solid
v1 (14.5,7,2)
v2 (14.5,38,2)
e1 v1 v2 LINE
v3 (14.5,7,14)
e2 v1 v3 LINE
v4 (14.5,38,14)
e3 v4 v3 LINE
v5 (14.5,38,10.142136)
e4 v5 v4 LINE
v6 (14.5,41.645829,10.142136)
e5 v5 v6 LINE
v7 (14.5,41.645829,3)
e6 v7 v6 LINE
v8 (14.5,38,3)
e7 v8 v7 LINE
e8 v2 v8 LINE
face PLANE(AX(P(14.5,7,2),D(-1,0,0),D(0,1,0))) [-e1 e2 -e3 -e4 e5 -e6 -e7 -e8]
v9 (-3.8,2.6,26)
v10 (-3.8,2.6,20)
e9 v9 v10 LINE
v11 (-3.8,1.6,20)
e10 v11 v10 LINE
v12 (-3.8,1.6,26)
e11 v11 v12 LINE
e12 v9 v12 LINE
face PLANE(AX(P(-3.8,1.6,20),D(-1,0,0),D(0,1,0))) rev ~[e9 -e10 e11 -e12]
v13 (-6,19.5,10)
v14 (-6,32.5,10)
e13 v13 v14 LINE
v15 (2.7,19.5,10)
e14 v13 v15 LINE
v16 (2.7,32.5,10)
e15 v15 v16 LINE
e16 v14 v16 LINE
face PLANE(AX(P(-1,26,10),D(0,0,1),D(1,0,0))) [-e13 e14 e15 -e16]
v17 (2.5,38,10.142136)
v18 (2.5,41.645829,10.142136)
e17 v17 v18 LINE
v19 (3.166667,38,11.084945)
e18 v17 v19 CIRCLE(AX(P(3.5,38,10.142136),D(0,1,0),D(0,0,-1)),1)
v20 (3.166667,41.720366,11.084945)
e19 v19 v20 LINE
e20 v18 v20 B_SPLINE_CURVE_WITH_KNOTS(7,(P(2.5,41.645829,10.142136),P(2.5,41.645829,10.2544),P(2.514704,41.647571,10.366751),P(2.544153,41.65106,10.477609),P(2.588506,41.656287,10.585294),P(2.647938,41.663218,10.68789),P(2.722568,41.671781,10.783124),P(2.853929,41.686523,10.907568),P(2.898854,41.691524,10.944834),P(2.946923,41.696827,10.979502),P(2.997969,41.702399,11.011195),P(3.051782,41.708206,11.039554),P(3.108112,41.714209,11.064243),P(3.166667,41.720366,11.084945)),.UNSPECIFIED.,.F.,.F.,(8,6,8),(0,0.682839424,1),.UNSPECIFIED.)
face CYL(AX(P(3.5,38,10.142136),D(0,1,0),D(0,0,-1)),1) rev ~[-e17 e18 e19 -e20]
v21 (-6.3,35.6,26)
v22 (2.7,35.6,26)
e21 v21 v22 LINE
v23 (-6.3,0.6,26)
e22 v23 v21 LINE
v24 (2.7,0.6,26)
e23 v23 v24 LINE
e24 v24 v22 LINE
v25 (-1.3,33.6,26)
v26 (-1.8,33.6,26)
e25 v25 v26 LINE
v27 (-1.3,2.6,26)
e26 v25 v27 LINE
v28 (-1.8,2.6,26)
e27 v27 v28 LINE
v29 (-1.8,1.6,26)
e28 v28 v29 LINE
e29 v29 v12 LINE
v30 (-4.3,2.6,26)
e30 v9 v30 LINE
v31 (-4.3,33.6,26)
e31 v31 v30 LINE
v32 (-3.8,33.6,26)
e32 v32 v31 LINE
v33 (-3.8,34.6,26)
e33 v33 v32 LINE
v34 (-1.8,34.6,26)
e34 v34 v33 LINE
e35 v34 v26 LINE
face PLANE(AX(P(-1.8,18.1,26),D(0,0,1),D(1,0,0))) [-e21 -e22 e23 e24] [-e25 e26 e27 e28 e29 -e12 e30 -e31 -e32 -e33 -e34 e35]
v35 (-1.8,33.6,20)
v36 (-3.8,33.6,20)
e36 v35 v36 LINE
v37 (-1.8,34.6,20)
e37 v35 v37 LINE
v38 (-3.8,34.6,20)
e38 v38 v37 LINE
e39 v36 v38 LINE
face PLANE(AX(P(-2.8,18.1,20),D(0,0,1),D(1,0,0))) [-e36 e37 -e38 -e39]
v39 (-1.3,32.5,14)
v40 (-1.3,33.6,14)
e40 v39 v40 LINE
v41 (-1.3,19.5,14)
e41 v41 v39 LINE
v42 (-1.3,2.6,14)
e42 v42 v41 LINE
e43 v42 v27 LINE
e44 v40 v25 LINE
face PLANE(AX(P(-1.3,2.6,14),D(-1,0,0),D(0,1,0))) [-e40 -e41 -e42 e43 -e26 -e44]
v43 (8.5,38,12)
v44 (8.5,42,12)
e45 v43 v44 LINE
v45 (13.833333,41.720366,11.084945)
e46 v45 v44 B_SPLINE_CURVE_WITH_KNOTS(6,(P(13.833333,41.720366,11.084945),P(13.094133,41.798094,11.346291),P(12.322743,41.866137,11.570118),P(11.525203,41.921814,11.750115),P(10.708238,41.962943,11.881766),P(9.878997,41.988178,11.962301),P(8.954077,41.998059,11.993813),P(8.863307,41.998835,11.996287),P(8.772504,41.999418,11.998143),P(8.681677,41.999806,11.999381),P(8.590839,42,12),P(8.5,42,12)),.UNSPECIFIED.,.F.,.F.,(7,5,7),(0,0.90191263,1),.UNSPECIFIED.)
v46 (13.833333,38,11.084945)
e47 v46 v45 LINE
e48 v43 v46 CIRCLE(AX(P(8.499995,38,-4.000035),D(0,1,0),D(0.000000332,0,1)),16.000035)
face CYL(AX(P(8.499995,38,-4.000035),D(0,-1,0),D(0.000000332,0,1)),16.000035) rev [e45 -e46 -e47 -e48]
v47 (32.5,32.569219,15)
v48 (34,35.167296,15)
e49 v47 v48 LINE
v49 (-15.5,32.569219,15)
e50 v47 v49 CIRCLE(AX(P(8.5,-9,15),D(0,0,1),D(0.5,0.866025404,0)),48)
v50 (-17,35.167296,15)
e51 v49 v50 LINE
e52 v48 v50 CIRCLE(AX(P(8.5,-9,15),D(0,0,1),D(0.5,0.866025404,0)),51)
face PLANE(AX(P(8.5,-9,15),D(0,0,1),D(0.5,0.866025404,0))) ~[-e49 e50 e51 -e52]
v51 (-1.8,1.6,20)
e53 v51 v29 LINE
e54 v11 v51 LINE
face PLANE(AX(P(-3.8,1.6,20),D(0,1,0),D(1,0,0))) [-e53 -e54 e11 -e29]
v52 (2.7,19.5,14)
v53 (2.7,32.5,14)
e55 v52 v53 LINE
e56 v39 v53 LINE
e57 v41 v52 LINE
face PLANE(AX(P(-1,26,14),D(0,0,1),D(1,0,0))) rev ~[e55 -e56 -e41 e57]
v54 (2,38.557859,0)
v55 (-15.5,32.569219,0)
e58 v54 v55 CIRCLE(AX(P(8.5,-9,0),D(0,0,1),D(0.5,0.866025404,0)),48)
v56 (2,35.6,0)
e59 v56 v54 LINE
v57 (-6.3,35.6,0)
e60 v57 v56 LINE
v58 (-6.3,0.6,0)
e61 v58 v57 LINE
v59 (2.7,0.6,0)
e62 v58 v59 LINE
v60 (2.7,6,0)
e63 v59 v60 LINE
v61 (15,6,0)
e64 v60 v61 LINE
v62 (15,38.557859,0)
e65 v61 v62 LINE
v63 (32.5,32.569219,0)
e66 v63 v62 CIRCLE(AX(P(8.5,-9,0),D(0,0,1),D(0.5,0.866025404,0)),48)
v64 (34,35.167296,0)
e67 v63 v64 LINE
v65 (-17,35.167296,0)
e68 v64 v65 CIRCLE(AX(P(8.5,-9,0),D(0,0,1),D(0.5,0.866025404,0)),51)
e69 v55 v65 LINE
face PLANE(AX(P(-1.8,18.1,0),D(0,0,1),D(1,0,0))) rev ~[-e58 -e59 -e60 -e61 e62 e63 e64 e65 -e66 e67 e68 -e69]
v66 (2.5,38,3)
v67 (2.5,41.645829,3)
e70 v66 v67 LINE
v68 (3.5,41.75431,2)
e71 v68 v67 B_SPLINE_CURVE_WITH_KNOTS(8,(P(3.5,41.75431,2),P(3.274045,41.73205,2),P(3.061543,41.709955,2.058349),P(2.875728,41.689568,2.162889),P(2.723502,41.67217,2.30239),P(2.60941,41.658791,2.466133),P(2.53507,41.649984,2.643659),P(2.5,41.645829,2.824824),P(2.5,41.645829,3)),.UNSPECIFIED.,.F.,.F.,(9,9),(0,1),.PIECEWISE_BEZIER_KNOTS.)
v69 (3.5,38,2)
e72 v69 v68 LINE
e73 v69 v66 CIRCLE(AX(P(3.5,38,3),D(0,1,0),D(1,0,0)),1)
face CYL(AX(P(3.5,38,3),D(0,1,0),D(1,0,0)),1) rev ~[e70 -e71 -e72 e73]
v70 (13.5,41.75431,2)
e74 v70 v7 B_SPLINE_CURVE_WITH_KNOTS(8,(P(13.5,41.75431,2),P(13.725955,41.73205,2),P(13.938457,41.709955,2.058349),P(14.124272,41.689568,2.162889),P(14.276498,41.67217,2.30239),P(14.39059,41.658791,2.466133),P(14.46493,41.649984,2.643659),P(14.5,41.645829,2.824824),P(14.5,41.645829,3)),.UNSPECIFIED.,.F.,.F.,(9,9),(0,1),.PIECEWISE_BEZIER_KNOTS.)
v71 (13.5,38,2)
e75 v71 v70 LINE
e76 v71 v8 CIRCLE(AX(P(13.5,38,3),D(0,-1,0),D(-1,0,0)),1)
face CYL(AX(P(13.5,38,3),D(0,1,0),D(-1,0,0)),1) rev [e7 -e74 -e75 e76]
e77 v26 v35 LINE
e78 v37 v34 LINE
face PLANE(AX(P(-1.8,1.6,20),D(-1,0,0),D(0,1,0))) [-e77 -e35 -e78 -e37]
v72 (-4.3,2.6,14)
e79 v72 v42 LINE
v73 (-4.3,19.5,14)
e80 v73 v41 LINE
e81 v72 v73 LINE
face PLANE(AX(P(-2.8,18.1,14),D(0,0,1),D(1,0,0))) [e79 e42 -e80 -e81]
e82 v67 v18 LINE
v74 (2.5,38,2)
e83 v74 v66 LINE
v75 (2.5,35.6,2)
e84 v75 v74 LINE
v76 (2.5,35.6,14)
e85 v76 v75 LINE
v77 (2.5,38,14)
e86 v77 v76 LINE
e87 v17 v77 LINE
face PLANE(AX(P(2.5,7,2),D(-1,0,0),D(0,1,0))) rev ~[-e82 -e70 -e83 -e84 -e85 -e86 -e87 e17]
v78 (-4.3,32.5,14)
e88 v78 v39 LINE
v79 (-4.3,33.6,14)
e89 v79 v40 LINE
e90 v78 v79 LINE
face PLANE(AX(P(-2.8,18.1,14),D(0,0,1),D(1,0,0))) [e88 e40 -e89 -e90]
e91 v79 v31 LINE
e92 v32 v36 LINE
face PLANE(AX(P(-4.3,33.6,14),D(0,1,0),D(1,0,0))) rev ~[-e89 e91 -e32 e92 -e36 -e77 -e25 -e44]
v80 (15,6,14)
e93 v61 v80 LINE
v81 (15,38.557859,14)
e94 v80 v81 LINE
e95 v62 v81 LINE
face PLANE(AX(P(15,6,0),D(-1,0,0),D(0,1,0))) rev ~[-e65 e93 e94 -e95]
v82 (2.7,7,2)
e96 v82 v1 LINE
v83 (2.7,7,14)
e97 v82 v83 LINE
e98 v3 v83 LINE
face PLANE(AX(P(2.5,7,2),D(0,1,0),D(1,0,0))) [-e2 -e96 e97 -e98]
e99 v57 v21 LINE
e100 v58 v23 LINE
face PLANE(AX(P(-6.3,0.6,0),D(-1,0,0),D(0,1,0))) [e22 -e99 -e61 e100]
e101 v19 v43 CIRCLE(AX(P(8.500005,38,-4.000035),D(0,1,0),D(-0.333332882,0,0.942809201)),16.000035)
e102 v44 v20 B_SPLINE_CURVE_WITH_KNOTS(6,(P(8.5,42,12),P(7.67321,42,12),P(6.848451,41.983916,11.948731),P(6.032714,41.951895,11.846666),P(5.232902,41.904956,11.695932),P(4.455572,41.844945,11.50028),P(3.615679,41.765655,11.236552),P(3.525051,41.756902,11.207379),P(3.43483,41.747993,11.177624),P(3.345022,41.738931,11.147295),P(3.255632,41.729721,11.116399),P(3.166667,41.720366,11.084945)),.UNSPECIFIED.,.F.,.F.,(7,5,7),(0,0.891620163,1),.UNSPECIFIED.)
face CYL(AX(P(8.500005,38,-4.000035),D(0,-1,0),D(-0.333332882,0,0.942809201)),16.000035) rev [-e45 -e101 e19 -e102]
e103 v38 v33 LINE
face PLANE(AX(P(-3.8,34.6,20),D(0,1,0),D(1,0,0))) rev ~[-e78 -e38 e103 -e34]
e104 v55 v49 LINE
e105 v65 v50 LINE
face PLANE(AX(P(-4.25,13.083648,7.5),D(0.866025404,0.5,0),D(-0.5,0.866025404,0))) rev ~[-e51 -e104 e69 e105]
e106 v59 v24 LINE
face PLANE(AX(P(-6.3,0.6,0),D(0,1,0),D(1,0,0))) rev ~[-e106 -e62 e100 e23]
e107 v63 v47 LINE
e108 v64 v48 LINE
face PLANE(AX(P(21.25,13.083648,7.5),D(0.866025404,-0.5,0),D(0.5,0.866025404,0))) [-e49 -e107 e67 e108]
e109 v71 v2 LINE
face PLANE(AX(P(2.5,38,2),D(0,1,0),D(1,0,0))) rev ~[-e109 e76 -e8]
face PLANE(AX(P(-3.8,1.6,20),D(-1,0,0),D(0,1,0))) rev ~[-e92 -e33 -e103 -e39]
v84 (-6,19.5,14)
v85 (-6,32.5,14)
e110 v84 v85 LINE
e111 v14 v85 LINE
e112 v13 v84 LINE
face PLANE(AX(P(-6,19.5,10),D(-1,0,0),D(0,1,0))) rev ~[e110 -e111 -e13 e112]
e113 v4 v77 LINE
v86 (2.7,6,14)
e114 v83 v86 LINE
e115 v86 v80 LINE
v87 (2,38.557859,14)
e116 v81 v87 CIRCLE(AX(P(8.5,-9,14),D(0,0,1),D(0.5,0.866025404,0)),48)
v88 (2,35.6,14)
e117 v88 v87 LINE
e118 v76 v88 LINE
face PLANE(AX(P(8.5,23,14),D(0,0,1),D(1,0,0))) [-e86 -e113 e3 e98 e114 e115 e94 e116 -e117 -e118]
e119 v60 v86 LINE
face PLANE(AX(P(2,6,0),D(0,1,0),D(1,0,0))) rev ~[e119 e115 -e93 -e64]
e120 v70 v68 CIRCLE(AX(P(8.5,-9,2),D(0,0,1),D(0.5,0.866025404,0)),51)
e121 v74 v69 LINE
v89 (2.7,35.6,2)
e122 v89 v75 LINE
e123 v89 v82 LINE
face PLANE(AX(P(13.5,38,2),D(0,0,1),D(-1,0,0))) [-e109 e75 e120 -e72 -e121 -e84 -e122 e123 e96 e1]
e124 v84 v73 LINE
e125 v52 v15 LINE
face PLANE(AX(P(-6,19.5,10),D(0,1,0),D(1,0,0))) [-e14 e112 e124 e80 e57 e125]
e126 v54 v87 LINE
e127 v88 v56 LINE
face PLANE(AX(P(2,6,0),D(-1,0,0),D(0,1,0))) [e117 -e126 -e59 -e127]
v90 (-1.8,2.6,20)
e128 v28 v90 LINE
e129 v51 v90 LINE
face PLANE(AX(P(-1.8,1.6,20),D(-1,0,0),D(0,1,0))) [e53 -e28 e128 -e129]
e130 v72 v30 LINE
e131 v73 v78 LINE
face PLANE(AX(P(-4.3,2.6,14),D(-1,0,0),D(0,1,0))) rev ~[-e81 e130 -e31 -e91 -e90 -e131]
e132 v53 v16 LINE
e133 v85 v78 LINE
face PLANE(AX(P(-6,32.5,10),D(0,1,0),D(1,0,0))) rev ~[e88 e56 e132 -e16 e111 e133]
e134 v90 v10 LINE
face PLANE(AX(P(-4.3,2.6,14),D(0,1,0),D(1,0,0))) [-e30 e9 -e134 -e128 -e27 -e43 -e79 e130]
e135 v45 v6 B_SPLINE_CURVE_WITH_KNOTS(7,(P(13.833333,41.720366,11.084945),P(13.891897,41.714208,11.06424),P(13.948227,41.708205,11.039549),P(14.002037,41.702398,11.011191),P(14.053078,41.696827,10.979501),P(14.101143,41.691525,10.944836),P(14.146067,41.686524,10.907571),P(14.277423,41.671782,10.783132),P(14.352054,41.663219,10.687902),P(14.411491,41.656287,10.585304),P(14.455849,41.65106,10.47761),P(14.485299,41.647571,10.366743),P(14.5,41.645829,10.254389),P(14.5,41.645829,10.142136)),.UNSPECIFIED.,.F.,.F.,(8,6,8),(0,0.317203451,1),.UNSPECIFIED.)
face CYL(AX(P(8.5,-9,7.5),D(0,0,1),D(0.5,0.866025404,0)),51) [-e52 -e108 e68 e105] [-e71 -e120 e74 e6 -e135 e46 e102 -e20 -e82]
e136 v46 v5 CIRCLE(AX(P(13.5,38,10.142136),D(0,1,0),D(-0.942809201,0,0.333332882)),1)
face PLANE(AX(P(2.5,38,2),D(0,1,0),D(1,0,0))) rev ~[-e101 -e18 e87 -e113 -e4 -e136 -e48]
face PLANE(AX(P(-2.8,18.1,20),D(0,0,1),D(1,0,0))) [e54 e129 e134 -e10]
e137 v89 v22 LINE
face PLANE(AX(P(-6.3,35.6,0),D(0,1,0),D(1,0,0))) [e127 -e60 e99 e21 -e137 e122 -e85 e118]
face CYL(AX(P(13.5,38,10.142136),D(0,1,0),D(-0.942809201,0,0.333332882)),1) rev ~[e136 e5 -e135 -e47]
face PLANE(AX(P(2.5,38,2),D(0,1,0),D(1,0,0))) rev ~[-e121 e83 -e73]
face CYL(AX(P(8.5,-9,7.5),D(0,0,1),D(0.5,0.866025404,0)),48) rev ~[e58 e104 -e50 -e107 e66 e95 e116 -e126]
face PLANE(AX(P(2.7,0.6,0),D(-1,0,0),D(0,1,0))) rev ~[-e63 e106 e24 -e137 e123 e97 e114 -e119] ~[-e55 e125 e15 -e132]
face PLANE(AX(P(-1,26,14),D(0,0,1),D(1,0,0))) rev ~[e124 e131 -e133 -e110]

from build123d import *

# Parameters (mm, degrees)
BOX005_W                    = 10
BOX005_H                    = 13
BOX005_DEPTH                = 4
BOX004_W                    = 3
BOX004_H                    = 31
BOX004_DEPTH                = 14
BOX003_W                    = 2
BOX003_H                    = 33
BOX003_DEPTH                = 11.2
BOX002_W                    = 9
BOX002_H                    = 35
BOX002_DEPTH                = 26
EXTRUDE_DEPTH               = 5
EXTRUDE001_DEPTH            = 5
THICKNESS_T                 = 1
BOX_W                       = 12
BOX_H                       = 31
BOX_DEPTH                   = 15
BOX001_W                    = 13
BOX001_H                    = 34
BOX001_DEPTH                = 14
CYLINDER001_W               = 48
CYLINDER001_H               = 15
CYLINDER001_ANGLE           = 60
CYLINDER001_PLACEMENT_ANGLE = 60
CYLINDER_W                  = 51
CYLINDER_H                  = 15
CYLINDER_ANGLE              = 60
CYLINDER_PLACEMENT_ANGLE    = 60


with BuildPart() as servo_wall_cutaway:
    # Box005 → Box005 (new body)
    with BuildSketch(Plane(origin=(-6, 19.5, 10), x_dir=(1, 0, 0), z_dir=(0, 0, 1))):
        with Locations((5, 6.5)):
            Rectangle(BOX005_W, BOX005_H)
    extrude(amount=BOX005_DEPTH)


with BuildPart() as slot_wall_cutout2:
    # Box004 → Box004 (new body)
    with BuildSketch(Plane(origin=(-1, 7, 14), x_dir=(1, 0, 0), z_dir=(0, 0, 1))):
        with Locations((1.5, 15.5)):
            Rectangle(BOX004_W, BOX004_H)
    extrude(amount=BOX004_DEPTH)


with BuildPart() as slot_wall_cutout1:
    # Box003 → Box003 (new body)
    with BuildSketch(Plane(origin=(-0.5, 6, 20), x_dir=(1, 0, 0), z_dir=(0, 0, 1))):
        with Locations((1, 16.5)):
            Rectangle(BOX003_W, BOX003_H)
    extrude(amount=BOX003_DEPTH)


with BuildPart() as wall_slot_finished:
    # Box002 → Box002 (new body)
    with BuildSketch(Plane(origin=(-3, 5, 0), x_dir=(1, 0, 0), z_dir=(0, 0, 1))):
        with Locations((4.5, 17.5)):
            Rectangle(BOX002_W, BOX002_H)
    extrude(amount=BOX002_DEPTH)

    # Cut003: cut slot wall cutout1
    add(slot_wall_cutout1.part, mode=Mode.SUBTRACT)

    # Cut004: cut slot wall cutout2
    add(slot_wall_cutout2.part, mode=Mode.SUBTRACT)


with BuildPart() as wall_slot_finished_1:
    # Cut004 placement: moved
    add(wall_slot_finished.part.moved(Location((-3.3, -4.4, 0))))


with BuildPart() as extrude_body:
    # Common_cs → Extrude (new body)
    with BuildSketch(Plane(origin=(8.5, 45, 6), x_dir=(1, 0, 0), z_dir=(0, 1, 0))):
        with BuildLine():
            Line((5, 4), (-5, 4))
            Line((-5, 4), (-5, -3.142136))
            ThreePointArc((-5, -3.142136), (-2.53653, -3.783978), (0, -4))
            ThreePointArc((0, -4), (2.53653, -3.783978), (5, -3.142136))
            Line((5, -3.142136), (5, 4))
        make_face()
    extrude(amount=EXTRUDE_DEPTH)


with BuildPart() as extrude001:
    # Common_cs001 → Extrude001 (new body)
    with BuildSketch(Plane(origin=(8.5, 45, 6), x_dir=(1, 0, 0), z_dir=(0, 1, 0))):
        with BuildLine():
            Line((5, 4), (-5, 4))
            Line((-5, 4), (-5, -3.142136))
            ThreePointArc((-5, -3.142136), (-2.53653, -3.783978), (0, -4))
            ThreePointArc((0, -4), (2.53653, -3.783978), (5, -3.142136))
            Line((5, -3.142136), (5, 4))
        make_face()
    extrude(amount=EXTRUDE001_DEPTH)


with BuildPart() as bolt_bottle_side_opening:
    # Thickness base: copy of Extrude body
    add(extrude_body.part)

    # Thickness
    thickness_openings = [bolt_bottle_side_opening.faces().sort_by_distance(p)[0] for p in [
        (8.5, 50, 5.862901),
    ]]
    offset(amount=THICKNESS_T, openings=thickness_openings)

    # Fusion: union Extrude body, Extrude001
    add(extrude_body.part)
    add(extrude001.part)


with BuildPart() as bolt_bottle_side_opening_1:
    # Fusion placement: moved
    add(bolt_bottle_side_opening.part.moved(Location((0, -7, 1))))


with BuildPart() as pullbay:
    # Box → Box (new body)
    with BuildSketch(Plane(origin=(2.5, 7, 2), x_dir=(1, 0, 0), z_dir=(0, 0, 1))):
        with Locations((6, 15.5)):
            Rectangle(BOX_W, BOX_H)
    extrude(amount=BOX_DEPTH)


with BuildPart() as cut_bay_from_case:
    # Box001 → Box001 (new body)
    with BuildSketch(Plane(origin=(2, 6, 0), x_dir=(1, 0, 0), z_dir=(0, 0, 1))):
        with Locations((6.5, 17)):
            Rectangle(BOX001_W, BOX001_H)
    extrude(amount=BOX001_DEPTH)

    # Cut001: cut pullBay
    add(pullbay.part, mode=Mode.SUBTRACT)


with BuildPart() as bottle_wall001:
    # Cylinder001 → Cylinder001 (revolve)
    with BuildSketch(Plane.XZ):
        with Locations((24, 7.5)):
            Rectangle(CYLINDER001_W, CYLINDER001_H)
    revolve(axis=Axis((0, 0, 0), (0, 0, 1)), revolution_arc=CYLINDER001_ANGLE)


with BuildPart() as bottle_wall001_1:
    # Cylinder001 placement: moved
    add(bottle_wall001.part.moved(Location((8.5, -7, 0))).rotate(Axis((8.5, -7, 0), (0, 0, 1)), CYLINDER001_PLACEMENT_ANGLE))


with BuildPart() as cut005:
    # Cylinder → Cylinder (revolve)
    with BuildSketch(Plane.XZ):
        with Locations((25.5, 7.5)):
            Rectangle(CYLINDER_W, CYLINDER_H)
    revolve(axis=Axis((0, 0, 0), (0, 0, 1)), revolution_arc=CYLINDER_ANGLE)


with BuildPart() as cut005_1:
    # Cylinder placement: moved
    add(cut005.part.moved(Location((8.5, -7, 0))).rotate(Axis((8.5, -7, 0), (0, 0, 1)), CYLINDER_PLACEMENT_ANGLE))

    # Cut: cut bottle_wall001
    add(bottle_wall001_1.part, mode=Mode.SUBTRACT)


with BuildPart() as cut005_2:
    # Cut placement: moved
    add(cut005_1.part.moved(Location((0, -2, 0))))

    # Fusion001: union cut bay from case
    add(cut_bay_from_case.part)

    # Cut002: cut bolt_bottle_side_opening
    add(bolt_bottle_side_opening_1.part, mode=Mode.SUBTRACT)

    # Fusion002: union wall slot finished
    add(wall_slot_finished_1.part)

    # Cut005: cut servo wall cutaway
    add(servo_wall_cutaway.part, mode=Mode.SUBTRACT)


solid = cut005_2.part
